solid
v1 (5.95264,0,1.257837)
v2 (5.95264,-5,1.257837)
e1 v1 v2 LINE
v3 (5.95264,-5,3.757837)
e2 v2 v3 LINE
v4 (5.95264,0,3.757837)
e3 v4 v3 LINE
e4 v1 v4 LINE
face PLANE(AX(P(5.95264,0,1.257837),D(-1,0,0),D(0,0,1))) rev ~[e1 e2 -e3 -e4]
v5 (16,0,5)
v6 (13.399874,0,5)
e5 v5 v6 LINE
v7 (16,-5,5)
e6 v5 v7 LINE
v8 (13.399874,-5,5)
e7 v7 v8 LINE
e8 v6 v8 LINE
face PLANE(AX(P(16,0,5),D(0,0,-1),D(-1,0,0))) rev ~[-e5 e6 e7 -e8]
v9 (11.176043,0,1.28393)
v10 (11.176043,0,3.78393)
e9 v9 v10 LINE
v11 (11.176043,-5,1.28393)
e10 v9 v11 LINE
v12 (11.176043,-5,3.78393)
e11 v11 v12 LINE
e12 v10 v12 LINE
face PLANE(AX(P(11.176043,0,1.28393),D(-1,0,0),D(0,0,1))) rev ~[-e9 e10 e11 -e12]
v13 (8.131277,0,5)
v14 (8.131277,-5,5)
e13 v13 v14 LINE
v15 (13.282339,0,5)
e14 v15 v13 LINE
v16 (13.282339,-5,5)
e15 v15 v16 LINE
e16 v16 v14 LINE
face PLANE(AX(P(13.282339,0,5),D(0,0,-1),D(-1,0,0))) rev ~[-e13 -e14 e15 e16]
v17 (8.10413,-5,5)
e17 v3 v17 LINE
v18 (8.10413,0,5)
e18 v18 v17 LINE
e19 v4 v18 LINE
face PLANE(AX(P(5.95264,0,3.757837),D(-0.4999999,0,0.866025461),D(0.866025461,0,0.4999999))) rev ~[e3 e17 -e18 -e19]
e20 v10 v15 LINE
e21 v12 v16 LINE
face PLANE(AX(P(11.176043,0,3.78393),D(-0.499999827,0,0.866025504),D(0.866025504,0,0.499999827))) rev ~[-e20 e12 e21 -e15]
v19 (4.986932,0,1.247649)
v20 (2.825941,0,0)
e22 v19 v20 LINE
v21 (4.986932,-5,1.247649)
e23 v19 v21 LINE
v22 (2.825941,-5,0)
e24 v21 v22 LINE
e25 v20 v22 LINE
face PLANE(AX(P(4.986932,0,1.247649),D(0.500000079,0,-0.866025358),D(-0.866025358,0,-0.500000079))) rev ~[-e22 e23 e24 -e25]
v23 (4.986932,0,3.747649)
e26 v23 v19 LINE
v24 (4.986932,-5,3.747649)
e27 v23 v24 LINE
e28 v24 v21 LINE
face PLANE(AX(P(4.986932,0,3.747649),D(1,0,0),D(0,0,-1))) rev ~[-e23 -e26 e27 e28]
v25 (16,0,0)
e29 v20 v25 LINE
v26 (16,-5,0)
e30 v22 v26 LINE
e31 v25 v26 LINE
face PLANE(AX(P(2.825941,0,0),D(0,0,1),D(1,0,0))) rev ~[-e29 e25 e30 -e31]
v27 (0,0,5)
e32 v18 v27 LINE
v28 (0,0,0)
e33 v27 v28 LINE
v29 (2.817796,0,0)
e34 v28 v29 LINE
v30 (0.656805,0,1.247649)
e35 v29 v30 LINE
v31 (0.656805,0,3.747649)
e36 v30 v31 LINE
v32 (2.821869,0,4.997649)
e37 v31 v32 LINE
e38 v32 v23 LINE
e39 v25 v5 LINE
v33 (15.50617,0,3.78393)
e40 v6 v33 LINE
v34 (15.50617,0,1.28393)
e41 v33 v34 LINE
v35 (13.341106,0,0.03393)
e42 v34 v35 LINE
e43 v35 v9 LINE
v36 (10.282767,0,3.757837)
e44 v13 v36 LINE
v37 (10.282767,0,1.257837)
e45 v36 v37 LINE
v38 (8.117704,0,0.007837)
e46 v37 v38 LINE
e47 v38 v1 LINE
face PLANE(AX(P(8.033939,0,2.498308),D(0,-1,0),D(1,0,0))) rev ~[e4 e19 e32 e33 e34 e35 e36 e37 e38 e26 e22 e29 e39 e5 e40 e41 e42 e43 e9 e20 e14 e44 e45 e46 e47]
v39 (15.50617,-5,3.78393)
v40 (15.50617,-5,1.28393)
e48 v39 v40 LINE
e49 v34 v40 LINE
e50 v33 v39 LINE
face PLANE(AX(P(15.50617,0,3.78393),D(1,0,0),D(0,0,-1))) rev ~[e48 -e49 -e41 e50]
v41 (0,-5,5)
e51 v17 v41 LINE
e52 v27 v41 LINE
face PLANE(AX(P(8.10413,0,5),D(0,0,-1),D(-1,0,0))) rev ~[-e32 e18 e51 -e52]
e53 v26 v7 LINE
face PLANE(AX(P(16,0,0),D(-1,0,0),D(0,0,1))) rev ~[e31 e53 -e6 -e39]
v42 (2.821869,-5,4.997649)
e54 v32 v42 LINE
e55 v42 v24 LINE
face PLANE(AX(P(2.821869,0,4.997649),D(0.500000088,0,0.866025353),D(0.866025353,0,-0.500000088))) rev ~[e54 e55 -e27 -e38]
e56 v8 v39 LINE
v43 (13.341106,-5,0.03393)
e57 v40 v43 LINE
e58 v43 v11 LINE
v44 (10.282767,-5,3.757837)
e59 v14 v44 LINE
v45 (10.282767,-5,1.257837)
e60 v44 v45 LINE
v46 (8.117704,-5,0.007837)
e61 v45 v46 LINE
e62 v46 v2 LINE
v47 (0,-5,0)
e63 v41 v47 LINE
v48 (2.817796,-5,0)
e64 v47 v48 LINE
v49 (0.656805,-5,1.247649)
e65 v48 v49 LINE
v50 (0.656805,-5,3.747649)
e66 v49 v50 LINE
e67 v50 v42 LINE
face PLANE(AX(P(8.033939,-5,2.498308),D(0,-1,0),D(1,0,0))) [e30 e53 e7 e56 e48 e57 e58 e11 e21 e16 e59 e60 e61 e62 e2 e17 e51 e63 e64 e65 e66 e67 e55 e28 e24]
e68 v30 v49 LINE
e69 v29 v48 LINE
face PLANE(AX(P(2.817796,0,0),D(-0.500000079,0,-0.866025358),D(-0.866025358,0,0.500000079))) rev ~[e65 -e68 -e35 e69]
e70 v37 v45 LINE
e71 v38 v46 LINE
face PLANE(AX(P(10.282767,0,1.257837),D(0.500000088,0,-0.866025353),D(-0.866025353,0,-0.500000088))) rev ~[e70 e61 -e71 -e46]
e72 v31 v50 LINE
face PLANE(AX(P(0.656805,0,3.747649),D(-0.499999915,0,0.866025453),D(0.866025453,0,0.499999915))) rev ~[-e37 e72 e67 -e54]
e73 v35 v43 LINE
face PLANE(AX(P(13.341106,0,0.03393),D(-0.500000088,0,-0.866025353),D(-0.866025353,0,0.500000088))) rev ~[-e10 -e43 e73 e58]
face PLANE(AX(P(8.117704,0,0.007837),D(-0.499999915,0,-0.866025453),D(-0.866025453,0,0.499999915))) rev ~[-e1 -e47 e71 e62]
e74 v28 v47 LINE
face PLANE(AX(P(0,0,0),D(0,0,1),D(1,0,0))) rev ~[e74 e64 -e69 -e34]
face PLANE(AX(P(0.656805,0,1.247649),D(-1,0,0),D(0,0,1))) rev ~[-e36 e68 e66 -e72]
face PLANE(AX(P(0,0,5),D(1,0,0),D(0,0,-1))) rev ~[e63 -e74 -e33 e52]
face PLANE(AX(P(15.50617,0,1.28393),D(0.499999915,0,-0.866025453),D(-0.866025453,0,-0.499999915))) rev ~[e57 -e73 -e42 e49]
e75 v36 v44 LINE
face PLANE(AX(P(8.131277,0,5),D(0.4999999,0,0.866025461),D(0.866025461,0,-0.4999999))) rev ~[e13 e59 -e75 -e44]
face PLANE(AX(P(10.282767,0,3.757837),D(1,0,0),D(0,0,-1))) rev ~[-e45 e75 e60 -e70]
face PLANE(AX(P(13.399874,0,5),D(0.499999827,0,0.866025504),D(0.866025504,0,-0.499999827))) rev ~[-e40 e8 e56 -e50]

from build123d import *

# Parameters (mm, degrees)
F1_DEPTH = 5


with BuildPart() as f1:
    # F0 (on Front) → F1 (new body)
    with BuildSketch(Plane.XZ):
        Polygon((0, 5), (0, 0), (2.817796, 0), (0.656805, 1.247649), (0.656805, 3.747649), (2.821869, 4.997649), (4.986932, 3.747649), (4.986932, 1.247649), (2.825941, 0), (16, 0), (16, 5), (13.399874, 5), (15.50617, 3.78393), (15.50617, 1.28393), (13.341106, 0.03393), (11.176043, 1.28393), (11.176043, 3.78393), (13.282339, 5), (8.131277, 5), (10.282767, 3.757837), (10.282767, 1.257837), (8.117704, 0.007837), (5.95264, 1.257837), (5.95264, 3.757837), (8.10413, 5), align=None)
    extrude(amount=F1_DEPTH)


solid = f1.part
